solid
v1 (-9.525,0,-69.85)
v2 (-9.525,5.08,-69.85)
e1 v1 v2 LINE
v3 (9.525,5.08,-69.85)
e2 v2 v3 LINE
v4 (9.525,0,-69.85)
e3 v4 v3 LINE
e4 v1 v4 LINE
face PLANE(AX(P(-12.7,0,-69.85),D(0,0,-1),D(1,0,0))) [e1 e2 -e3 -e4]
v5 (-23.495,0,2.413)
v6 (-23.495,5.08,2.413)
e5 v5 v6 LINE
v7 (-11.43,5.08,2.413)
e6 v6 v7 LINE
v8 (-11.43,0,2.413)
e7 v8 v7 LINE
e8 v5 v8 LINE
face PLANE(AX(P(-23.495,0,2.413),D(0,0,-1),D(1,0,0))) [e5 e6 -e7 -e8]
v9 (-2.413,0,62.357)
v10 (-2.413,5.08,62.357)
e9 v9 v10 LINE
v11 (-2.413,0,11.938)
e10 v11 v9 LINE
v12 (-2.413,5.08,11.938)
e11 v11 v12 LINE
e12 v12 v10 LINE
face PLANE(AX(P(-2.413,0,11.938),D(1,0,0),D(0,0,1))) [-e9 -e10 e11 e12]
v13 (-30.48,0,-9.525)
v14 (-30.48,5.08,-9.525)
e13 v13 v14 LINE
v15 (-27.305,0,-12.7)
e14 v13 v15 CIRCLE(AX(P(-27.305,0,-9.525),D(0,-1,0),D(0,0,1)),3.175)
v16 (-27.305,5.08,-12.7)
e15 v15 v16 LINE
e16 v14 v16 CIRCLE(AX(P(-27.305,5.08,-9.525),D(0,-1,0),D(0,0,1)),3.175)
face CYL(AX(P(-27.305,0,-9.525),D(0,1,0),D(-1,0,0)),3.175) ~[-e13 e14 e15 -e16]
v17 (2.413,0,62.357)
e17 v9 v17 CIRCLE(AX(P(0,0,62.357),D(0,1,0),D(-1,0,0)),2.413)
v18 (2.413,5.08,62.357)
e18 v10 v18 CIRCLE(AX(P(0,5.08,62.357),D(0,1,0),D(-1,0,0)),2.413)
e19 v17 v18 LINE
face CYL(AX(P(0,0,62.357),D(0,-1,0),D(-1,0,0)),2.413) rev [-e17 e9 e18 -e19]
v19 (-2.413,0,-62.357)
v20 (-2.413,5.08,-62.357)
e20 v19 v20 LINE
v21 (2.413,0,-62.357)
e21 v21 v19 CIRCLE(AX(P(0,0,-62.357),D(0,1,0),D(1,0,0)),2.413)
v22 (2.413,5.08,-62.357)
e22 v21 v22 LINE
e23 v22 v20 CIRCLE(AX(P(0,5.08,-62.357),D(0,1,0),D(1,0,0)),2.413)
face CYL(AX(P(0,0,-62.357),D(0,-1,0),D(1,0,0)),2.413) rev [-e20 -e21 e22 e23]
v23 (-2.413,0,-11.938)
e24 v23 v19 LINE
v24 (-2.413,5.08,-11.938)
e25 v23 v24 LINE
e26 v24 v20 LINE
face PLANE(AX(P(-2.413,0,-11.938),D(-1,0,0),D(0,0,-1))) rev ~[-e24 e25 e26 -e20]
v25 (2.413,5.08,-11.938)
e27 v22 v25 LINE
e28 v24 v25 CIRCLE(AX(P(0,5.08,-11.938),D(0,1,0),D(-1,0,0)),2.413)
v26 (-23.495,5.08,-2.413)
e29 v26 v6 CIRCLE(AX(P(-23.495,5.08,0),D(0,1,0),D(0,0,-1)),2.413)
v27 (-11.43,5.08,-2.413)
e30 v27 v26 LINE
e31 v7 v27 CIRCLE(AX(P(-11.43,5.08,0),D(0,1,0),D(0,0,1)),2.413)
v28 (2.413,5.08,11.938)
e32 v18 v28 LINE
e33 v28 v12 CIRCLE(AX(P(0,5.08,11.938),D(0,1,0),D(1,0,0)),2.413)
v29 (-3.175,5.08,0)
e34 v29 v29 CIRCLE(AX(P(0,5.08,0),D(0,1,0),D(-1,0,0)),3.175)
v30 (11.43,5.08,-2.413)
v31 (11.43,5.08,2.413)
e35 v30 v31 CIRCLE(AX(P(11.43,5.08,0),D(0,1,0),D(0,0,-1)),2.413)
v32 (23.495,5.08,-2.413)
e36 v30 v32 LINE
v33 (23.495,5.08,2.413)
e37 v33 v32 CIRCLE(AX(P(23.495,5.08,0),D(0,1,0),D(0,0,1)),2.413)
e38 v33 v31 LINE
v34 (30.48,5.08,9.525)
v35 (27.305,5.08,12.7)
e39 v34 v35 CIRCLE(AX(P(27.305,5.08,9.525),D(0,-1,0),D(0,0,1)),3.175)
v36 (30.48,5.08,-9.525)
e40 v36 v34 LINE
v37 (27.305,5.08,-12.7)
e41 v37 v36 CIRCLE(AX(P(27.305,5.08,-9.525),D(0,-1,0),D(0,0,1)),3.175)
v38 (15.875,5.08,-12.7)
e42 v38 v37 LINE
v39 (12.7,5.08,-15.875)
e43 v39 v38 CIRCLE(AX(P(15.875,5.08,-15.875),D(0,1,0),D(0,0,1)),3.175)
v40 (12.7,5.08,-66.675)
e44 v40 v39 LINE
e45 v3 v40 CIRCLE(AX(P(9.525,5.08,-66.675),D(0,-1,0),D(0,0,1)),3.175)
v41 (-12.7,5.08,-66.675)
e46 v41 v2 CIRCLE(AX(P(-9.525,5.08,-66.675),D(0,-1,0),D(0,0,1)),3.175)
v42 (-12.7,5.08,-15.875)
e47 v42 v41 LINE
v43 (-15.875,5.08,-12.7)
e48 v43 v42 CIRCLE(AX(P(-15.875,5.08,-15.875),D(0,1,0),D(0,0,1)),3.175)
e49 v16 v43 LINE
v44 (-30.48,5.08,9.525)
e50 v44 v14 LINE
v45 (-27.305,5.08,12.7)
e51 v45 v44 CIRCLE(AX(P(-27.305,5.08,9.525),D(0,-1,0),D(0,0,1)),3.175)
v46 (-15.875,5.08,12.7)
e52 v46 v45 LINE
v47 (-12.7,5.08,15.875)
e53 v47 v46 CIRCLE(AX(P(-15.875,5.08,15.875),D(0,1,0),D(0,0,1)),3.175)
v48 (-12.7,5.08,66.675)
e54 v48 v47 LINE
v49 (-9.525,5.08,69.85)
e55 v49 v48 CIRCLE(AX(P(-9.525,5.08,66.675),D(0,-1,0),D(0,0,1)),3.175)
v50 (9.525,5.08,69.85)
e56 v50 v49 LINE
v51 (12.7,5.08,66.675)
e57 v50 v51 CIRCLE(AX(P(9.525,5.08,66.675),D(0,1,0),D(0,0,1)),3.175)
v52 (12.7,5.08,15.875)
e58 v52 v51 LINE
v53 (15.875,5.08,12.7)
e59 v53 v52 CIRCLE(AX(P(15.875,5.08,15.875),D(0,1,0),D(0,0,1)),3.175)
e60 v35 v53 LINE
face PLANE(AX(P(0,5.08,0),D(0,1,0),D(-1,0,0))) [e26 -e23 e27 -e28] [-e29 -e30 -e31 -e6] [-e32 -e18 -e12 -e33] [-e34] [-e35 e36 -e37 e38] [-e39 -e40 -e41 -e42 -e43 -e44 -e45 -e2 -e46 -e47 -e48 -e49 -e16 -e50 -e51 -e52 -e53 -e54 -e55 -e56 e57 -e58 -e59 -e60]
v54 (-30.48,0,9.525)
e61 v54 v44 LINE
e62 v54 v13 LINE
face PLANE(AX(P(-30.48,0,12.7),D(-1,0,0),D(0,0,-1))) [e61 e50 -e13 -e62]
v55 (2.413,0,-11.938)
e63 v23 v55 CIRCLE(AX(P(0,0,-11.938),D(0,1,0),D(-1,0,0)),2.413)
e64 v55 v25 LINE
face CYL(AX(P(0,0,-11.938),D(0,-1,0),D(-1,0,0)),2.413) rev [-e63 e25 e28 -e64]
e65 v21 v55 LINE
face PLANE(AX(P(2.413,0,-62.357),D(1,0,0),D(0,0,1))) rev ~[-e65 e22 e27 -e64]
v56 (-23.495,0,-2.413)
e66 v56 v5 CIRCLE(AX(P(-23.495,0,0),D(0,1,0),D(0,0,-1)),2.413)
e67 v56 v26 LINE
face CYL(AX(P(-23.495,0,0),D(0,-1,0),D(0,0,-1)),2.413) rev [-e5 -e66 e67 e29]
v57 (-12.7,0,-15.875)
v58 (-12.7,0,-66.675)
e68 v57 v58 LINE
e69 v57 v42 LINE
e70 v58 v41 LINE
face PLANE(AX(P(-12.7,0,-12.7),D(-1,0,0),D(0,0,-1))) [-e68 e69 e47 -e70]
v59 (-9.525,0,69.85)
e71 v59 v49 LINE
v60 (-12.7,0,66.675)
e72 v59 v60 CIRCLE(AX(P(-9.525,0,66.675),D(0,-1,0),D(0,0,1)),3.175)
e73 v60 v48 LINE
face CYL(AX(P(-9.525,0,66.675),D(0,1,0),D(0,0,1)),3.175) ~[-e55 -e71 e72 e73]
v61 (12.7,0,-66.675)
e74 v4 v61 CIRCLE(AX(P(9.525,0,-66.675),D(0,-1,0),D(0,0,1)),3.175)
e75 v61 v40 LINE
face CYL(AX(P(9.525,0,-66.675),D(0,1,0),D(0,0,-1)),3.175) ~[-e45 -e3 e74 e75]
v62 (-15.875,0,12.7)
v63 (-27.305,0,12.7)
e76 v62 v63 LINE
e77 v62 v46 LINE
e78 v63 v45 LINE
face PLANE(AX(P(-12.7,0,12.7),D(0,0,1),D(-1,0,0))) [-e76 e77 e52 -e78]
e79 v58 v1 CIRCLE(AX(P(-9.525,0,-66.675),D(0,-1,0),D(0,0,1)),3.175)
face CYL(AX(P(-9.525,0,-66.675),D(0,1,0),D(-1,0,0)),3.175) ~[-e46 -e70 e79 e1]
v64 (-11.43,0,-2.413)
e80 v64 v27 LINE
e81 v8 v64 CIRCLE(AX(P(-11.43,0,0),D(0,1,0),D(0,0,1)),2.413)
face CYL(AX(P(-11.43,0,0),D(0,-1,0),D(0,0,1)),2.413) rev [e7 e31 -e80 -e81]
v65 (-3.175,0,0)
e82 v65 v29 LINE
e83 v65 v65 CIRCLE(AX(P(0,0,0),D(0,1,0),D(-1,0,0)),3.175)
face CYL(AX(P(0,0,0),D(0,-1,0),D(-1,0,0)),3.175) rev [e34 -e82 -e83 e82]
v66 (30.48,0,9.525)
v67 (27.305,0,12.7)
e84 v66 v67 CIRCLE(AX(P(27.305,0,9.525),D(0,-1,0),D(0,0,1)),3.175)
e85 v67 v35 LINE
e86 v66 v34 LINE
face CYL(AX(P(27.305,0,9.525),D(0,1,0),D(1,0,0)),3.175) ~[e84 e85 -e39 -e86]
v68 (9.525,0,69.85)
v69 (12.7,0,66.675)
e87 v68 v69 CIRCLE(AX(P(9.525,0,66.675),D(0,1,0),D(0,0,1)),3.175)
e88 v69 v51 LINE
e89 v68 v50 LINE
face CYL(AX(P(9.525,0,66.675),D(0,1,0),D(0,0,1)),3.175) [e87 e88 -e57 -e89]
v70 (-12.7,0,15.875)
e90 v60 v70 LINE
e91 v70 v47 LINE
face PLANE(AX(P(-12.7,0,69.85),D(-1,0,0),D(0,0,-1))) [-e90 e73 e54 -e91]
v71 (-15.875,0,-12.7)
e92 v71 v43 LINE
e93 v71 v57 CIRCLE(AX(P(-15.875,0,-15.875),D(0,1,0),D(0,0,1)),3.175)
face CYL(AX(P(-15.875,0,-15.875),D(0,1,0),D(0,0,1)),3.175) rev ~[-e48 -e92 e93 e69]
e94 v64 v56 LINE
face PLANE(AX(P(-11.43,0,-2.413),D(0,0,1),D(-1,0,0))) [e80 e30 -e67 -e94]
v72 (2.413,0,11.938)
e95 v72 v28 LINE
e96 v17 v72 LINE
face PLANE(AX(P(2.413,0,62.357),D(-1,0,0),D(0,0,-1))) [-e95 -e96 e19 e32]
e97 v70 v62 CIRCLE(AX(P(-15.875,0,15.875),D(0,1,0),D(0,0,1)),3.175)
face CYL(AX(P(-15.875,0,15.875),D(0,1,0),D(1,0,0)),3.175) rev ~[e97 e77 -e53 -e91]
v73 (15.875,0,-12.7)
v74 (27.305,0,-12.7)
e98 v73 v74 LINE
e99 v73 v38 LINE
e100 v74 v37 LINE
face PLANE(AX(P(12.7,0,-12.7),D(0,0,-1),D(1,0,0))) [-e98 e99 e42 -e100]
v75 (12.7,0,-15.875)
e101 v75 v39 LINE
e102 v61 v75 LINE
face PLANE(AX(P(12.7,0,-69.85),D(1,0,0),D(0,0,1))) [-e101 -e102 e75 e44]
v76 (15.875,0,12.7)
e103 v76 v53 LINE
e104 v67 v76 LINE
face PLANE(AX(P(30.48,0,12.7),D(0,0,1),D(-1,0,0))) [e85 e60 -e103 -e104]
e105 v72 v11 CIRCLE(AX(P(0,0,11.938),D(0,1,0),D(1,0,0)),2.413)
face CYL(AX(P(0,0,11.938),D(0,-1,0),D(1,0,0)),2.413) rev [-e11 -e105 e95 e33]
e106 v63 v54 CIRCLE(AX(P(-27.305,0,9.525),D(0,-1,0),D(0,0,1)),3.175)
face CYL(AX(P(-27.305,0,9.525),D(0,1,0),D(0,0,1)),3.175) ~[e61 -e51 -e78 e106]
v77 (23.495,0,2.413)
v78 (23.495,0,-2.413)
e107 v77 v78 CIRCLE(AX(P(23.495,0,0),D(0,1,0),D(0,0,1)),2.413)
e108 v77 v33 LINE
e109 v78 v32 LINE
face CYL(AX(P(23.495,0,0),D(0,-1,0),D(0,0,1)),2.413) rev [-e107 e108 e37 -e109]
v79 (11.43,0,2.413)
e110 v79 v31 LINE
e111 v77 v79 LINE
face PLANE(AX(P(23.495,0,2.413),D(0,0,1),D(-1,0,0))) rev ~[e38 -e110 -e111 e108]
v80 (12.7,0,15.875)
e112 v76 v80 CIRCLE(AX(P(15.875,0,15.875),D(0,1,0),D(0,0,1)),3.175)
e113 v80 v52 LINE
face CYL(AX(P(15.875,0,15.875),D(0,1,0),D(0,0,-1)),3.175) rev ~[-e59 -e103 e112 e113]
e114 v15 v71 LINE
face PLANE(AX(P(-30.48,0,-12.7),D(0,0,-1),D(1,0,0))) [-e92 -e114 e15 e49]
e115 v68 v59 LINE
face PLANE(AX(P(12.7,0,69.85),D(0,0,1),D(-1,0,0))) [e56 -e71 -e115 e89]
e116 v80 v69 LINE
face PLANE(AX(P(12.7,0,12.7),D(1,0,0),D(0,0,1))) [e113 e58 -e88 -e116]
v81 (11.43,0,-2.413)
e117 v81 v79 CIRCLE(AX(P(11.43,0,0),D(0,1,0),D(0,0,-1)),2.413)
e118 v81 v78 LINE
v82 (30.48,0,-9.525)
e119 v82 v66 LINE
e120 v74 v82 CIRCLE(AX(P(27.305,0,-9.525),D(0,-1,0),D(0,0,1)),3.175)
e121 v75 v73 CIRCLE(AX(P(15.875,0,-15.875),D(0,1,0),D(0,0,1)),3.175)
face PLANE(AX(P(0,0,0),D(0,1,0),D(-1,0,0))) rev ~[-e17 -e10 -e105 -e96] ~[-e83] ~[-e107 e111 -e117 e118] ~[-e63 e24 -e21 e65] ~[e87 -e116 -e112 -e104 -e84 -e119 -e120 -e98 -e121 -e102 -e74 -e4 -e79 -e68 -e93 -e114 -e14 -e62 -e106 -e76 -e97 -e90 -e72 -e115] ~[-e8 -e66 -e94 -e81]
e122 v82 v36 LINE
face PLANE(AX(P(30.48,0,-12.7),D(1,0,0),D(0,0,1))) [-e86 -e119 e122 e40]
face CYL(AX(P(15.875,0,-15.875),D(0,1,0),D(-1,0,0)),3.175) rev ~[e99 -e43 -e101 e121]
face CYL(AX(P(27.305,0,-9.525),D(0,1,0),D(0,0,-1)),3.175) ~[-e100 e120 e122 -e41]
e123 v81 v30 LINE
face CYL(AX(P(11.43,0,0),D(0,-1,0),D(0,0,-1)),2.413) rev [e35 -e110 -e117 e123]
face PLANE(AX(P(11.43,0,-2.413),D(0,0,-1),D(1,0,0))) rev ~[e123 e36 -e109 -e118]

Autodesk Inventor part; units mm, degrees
ref_plane "YZ Plane" through (0, 0, 0) normal (1, 0, 0) x (0, 1, 0)
ref_plane "XZ Plane" through (0, 0, 0) normal (0, 1, 0) x (-1, 0, 0)
ref_plane "XY Plane" through (0, 0, 0) normal (0, 0, 1) x (1, 0, 0)
sketch "Sketch1" plane through (0, 0, 0) normal (0, 1, 0) x (-1, 0, 0)
  line L0 (-12.7, 69.85) -> (12.7, 69.85)
  line L1 (12.7, -69.85) -> (-12.7, -69.85)
  line L2 (-12.7, 69.85) -> (12.7, -69.85) construction
  line L3 (12.7, 69.85) -> (-12.7, -69.85) construction
  line L4 (30.48, 12.7) -> (30.48, -12.7)
  line L5 (-30.48, -12.7) -> (-30.48, 12.7)
  line L6 (-30.48, 12.7) -> (30.48, -12.7) construction
  line L7 (30.48, 12.7) -> (-30.48, -12.7) construction
  circle A0 centre (0, 0) radius 3.175
  line L8 (0, 64.77) -> (0, 9.525) construction
  line L9 (-2.413, 62.357) -> (-2.413, 11.938)
  line L10 (2.413, 11.938) -> (2.413, 62.357)
  arc A1 (2.413, 62.357) -> (-2.413, 62.357) centre (0, 62.357) ccw
  arc A2 (-2.413, 11.938) -> (2.413, 11.938) centre (0, 11.938) ccw
  line L11 (25.908, 0) -> (9.017, 0) construction
  line L12 (23.495, 2.413) -> (11.43, 2.413)
  line L13 (11.43, -2.413) -> (23.495, -2.413)
  arc A3 (23.495, -2.413) -> (23.495, 2.413) centre (23.495, 0) ccw
  arc A4 (11.43, 2.413) -> (11.43, -2.413) centre (11.43, 0) ccw
  line L14 (-2.413, -62.357) -> (-2.413, -11.938)
  line L15 (2.413, -11.938) -> (2.413, -62.357)
  arc A5 (-2.413, -62.357) -> (2.413, -62.357) centre (0, -62.357) ccw
  arc A6 (2.413, -11.938) -> (-2.413, -11.938) centre (0, -11.938) ccw
  line L16 (-23.495, 2.413) -> (-11.43, 2.413)
  line L17 (-11.43, -2.413) -> (-23.495, -2.413)
  arc A7 (-23.495, 2.413) -> (-23.495, -2.413) centre (-23.495, 0) ccw
  arc A8 (-11.43, -2.413) -> (-11.43, 2.413) centre (-11.43, 0) ccw
  line L18 (12.7, 12.7) -> (30.48, 12.7)
  line L19 (12.7, 69.85) -> (12.7, 12.7)
  line L20 (12.7, -12.7) -> (12.7, -69.85)
  line L21 (-12.7, -12.7) -> (-30.48, -12.7)
  line L22 (30.48, -12.7) -> (12.7, -12.7)
  line L23 (-30.48, 12.7) -> (-12.7, 12.7)
  line L24 (-12.7, 12.7) -> (-12.7, 69.85)
  line L25 (-12.7, -69.85) -> (-12.7, -12.7)
  point P0 (0, 37.1475)
  point P1 (17.4625, 0)
  dimension "d0" = 25.4
  dimension "d1" = 139.7
  dimension "d2" = 60.96
  dimension "d3" = 25.4
  dimension "d4" = 6.35
  dimension "d5" = 4.826
  dimension "d6" = 4.826
  dimension "d7" = 5.08
  dimension "d8" = 9.525
  dimension "d9" = 4.572
  dimension "d10" = 9.017
extrude "Extrusion1" add sketch "Sketch1" along normal blind 5.08
fillet "Fillet1" radius 3.175 12 edges at (12.7, 2.54, 69.85) (-12.7, 2.54, 69.85) (12.7, 2.54, 12.7) (30.48, 2.54, 12.7) (30.48, 2.54, -12.7) (12.7, 2.54, -12.7) (-12.7, 2.54, -12.7) (-12.7, 2.54, 12.7) (-30.48, 2.54, 12.7) (-30.48, 2.54, -12.7) (-12.7, 2.54, -69.85) (12.7, 2.54, -69.85)
properties part number "inertiabar"
